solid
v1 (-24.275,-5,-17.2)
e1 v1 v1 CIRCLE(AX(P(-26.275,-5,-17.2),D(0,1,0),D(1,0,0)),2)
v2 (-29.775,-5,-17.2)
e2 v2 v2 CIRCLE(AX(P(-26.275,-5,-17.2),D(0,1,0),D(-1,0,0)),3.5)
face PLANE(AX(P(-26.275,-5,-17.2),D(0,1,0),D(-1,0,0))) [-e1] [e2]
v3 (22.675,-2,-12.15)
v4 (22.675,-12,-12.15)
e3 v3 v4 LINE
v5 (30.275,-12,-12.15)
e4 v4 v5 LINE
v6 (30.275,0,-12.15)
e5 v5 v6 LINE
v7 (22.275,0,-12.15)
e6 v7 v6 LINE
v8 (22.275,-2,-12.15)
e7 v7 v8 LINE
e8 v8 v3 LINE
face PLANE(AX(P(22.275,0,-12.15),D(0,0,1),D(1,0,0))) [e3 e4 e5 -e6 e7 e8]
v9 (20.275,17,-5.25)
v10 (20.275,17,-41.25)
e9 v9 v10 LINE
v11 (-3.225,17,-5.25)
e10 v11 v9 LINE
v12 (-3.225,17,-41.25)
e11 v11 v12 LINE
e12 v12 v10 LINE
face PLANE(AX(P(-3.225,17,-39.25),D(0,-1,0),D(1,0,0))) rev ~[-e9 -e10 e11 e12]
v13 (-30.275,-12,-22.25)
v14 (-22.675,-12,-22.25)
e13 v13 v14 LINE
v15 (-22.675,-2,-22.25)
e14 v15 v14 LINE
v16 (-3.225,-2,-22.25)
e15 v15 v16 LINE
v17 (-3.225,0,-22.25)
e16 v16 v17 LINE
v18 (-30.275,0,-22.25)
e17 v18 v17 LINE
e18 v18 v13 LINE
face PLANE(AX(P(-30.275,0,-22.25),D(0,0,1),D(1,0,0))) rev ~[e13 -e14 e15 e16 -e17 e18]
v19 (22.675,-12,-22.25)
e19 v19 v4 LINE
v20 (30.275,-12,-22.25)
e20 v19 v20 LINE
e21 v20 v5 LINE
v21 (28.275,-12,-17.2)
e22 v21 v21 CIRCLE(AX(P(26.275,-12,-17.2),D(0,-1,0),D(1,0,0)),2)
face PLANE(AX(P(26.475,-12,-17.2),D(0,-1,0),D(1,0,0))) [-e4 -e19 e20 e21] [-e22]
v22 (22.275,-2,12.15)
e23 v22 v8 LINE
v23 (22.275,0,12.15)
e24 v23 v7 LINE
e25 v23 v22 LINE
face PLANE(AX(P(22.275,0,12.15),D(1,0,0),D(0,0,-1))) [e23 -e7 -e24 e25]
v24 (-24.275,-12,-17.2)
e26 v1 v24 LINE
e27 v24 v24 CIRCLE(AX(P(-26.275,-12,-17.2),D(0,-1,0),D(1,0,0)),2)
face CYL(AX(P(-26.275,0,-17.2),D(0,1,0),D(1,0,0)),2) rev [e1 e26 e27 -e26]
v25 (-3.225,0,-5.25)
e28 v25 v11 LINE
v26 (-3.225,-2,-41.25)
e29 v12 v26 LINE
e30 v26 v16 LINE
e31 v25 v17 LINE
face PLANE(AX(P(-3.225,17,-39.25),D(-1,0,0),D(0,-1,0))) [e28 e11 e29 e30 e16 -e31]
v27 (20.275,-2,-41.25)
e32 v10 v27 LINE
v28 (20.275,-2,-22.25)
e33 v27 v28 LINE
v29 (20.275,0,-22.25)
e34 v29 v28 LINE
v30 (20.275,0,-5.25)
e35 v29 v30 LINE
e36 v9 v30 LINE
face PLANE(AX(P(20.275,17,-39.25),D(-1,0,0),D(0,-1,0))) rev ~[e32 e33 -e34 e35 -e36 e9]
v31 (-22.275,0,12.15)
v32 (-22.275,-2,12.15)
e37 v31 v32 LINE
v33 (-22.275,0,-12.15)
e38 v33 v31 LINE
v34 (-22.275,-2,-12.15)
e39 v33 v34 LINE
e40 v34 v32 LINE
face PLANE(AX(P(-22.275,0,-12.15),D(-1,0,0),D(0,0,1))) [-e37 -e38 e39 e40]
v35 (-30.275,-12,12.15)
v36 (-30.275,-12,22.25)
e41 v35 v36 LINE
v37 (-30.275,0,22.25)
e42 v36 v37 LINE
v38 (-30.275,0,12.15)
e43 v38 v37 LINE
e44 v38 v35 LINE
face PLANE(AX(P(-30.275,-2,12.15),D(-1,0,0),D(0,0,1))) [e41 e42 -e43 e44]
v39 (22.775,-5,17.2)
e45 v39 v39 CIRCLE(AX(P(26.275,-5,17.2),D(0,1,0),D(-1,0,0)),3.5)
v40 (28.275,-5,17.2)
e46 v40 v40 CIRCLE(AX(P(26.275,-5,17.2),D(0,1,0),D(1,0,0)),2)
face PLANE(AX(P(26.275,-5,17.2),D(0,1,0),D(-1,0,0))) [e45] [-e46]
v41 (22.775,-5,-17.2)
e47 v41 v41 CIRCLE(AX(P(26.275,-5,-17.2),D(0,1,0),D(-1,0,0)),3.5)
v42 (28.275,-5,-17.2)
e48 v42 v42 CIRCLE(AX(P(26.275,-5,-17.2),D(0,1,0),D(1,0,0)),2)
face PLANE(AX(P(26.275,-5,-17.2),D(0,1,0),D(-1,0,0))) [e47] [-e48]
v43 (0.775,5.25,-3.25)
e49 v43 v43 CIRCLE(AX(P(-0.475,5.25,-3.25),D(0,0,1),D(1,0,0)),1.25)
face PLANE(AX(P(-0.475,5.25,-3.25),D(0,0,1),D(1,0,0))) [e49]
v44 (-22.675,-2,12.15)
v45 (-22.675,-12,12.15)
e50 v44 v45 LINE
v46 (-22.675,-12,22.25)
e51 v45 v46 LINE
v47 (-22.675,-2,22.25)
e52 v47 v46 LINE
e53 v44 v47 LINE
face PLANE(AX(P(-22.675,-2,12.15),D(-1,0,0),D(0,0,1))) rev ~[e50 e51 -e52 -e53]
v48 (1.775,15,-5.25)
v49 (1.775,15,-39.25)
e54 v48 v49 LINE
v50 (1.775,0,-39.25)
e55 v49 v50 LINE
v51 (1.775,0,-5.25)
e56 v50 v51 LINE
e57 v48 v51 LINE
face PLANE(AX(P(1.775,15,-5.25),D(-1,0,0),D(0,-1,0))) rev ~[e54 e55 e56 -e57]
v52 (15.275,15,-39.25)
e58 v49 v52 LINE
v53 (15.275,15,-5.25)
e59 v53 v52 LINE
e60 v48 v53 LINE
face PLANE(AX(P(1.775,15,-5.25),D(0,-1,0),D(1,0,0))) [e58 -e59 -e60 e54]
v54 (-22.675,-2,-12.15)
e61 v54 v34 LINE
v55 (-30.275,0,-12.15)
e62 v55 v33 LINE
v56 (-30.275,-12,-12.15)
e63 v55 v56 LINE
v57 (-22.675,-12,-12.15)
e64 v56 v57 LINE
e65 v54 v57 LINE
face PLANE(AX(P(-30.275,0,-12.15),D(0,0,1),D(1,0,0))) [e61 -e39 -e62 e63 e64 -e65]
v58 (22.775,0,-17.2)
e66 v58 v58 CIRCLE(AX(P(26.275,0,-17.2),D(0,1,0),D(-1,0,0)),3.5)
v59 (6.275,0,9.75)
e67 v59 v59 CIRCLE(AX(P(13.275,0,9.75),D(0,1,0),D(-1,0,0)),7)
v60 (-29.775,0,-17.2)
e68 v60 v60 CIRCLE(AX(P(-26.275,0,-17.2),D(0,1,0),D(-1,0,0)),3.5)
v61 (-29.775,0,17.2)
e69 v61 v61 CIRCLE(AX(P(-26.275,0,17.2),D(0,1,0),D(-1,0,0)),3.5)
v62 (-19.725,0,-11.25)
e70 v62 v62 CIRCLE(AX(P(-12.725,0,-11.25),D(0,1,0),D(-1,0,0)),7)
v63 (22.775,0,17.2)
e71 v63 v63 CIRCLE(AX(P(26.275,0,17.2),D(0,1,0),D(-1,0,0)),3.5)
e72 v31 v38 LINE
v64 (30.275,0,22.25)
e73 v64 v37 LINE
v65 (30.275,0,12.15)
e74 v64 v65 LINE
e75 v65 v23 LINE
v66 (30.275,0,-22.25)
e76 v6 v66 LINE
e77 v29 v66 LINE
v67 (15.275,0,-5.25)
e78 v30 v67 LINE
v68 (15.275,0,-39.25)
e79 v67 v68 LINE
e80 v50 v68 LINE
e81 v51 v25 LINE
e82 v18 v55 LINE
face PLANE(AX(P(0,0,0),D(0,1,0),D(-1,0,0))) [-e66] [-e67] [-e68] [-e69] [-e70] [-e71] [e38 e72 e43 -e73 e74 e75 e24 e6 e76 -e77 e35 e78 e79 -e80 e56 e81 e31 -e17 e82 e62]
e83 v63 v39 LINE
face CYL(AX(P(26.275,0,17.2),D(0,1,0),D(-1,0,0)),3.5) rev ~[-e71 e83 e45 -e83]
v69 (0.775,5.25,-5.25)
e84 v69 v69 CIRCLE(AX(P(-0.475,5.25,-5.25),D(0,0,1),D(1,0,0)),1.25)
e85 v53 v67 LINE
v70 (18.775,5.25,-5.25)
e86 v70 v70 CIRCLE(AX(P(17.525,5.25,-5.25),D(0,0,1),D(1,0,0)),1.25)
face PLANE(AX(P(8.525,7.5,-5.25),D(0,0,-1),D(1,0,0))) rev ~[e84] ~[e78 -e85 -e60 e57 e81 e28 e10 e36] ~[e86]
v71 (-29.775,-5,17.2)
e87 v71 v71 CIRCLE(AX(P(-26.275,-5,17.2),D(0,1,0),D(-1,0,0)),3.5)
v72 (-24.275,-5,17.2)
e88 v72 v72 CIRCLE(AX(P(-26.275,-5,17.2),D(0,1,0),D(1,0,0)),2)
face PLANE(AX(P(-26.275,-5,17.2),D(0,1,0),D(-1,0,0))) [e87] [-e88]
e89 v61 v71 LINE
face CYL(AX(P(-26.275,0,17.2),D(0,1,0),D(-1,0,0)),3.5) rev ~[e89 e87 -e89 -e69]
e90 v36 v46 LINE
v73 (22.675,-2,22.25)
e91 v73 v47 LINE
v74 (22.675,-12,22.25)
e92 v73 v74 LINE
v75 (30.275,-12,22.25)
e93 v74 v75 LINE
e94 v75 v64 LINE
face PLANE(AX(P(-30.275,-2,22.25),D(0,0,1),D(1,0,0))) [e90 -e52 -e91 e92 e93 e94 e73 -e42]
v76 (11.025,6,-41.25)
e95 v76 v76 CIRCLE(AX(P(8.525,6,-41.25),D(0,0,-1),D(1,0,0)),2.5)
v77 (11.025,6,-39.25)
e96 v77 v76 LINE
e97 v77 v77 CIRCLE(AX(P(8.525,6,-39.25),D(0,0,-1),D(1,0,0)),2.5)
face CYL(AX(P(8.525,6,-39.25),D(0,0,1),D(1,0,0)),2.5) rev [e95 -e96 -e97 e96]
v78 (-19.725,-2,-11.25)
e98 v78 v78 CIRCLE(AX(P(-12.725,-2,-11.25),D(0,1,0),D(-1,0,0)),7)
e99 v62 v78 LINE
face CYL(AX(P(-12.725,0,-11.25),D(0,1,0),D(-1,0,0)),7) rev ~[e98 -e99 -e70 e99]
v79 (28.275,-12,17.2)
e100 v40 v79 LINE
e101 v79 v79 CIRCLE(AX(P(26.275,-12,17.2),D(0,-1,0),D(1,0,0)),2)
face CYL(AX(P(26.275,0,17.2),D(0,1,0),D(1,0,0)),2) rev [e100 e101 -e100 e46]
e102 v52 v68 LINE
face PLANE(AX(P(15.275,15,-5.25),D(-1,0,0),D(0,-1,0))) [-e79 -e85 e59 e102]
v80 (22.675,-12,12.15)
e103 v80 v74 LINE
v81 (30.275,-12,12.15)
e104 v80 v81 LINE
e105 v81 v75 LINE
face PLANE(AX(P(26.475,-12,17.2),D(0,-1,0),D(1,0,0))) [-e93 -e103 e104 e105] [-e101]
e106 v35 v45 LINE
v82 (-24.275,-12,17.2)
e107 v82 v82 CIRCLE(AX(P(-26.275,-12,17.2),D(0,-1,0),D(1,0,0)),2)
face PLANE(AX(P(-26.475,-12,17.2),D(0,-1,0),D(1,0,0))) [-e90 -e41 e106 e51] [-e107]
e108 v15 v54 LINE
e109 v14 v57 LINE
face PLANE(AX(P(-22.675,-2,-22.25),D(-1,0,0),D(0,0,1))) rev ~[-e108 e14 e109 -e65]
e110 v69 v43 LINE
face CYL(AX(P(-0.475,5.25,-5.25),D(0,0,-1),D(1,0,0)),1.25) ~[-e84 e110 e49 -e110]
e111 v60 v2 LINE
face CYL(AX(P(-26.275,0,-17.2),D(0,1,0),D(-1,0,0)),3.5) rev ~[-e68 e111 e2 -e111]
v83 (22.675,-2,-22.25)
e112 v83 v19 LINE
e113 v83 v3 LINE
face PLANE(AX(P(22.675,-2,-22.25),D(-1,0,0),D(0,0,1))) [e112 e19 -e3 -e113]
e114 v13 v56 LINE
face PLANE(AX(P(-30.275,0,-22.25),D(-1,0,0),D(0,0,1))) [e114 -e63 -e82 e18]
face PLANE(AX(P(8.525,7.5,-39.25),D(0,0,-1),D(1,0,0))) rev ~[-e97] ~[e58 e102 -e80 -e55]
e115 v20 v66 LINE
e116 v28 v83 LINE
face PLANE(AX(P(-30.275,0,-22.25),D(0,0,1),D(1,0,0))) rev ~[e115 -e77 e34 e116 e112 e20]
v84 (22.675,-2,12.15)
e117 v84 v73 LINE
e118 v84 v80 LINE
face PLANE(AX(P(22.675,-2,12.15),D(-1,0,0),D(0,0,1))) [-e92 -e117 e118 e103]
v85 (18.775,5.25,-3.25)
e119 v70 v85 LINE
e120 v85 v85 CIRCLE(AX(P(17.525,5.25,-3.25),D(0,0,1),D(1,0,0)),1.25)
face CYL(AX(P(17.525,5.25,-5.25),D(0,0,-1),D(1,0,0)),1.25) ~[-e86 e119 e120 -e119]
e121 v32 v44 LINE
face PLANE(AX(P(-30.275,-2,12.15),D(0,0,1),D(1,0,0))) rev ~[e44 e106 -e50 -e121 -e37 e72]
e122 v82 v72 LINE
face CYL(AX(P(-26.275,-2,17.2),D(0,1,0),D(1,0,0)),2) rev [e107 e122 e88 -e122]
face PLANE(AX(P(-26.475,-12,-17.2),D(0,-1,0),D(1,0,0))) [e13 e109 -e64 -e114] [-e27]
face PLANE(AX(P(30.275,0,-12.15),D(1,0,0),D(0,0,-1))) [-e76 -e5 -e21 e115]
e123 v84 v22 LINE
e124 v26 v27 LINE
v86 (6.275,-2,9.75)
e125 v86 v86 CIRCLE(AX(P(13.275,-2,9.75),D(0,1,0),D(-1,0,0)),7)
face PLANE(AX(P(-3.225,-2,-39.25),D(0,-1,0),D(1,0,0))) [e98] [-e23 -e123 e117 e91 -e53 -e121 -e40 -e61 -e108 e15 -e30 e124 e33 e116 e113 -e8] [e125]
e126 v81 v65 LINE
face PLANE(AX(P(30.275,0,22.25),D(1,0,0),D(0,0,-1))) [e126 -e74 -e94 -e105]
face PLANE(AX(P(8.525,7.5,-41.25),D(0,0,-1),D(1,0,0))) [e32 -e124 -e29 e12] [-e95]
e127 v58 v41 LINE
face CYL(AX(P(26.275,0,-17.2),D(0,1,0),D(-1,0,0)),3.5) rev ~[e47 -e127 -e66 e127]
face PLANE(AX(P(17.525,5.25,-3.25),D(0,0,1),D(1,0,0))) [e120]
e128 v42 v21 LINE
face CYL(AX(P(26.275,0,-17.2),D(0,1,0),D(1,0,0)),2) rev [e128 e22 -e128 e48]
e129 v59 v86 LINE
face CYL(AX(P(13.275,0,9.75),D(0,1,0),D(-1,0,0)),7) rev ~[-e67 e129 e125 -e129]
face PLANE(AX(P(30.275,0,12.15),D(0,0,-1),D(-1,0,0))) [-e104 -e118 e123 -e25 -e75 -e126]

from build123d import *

# Parameters (mm, degrees)
SKETCH_R        = 2
PAD_DEPTH       = 2
SKETCH001_W     = 7.6
SKETCH001_H     = 10.1
SKETCH001_R     = 2
PAD001_DEPTH    = 10
SKETCH002_R     = 7
POCKET_DEPTH    = 12.001
SKETCH004_W     = 13.5
SKETCH004_H     = 15
PAD003_DEPTH    = 34
SKETCH005_W     = 23.5
SKETCH005_H     = 19
SKETCH005_R     = 2.5
PAD004_DEPTH    = 2
SKETCH006_R     = 1.25
PAD005_DEPTH    = 2
SKETCH007_R     = 3.5
POCKET001_DEPTH = 5


with BuildPart() as part:
    # Sketch → Pad (new body)
    with BuildSketch(Plane.XZ):
        Polygon((-22.275, 22.25), (22.275, 22.25), (30.275, 22.25), (30.275, 12.15), (22.275, 12.15), (22.275, -12.15), (30.275, -12.15), (30.275, -22.25), (22.275, -22.25), (-22.275, -22.25), (-30.275, -22.25), (-30.275, -12.15), (-22.275, -12.15), (-22.275, 12.15), (-30.275, 12.15), (-30.275, 22.25), align=None)
        with Locations((-26.275, 17.2)):
            Circle(SKETCH_R, mode=Mode.SUBTRACT)
        with Locations((26.275, 17.2)):
            Circle(SKETCH_R, mode=Mode.SUBTRACT)
        with Locations((26.275, -17.2)):
            Circle(SKETCH_R, mode=Mode.SUBTRACT)
        with Locations((-26.275, -17.2)):
            Circle(SKETCH_R, mode=Mode.SUBTRACT)
    extrude(amount=PAD_DEPTH)

    # Sketch001 (on Face22 of Pad) → Pad001 (join)
    with BuildSketch(Plane.XZ.offset(2)):
        with Locations((-26.475, 17.2)):
            Rectangle(SKETCH001_W, SKETCH001_H)
        with Locations((-26.275, 17.2)):
            Circle(SKETCH001_R, mode=Mode.SUBTRACT)
        with Locations((-26.475, -17.2)):
            Rectangle(SKETCH001_W, SKETCH001_H)
        with Locations((-26.275, -17.2)):
            Circle(SKETCH001_R, mode=Mode.SUBTRACT)
        with Locations((26.475, -17.2)):
            Rectangle(SKETCH001_W, SKETCH001_H)
        with Locations((26.275, -17.2)):
            Circle(SKETCH001_R, mode=Mode.SUBTRACT)
        with Locations((26.475, 17.2)):
            Rectangle(SKETCH001_W, SKETCH001_H)
        with Locations((26.275, 17.2)):
            Circle(SKETCH001_R, mode=Mode.SUBTRACT)
    extrude(amount=PAD001_DEPTH)

    # Sketch002 (on Face4 of Pad001) → Pocket (cut, through all)
    with BuildSketch(Plane(origin=(0, 0, 0), x_dir=(-1, 0, 0), z_dir=(0, 1, 0))):
        with Locations((-13.275, 9.75)):
            Circle(SKETCH002_R)
        with Locations((12.725, -11.25)):
            Circle(SKETCH002_R)
    extrude(amount=-POCKET_DEPTH, mode=Mode.SUBTRACT)

    # Sketch004 (on DatumPlane) → Pad003 (join)
    with BuildSketch(Plane(origin=(0, 0, -5.25), x_dir=(1, 0, 0), z_dir=(0, 0, -1))):
        Polygon((-3.225, 0), (-3.225, -17), (20.275, -17), (20.275, 0), (20.275, 2), (-3.225, 2), align=None)
        with Locations((8.525, -7.5)):
            Rectangle(SKETCH004_W, SKETCH004_H, mode=Mode.SUBTRACT)
    extrude(amount=PAD003_DEPTH)

    # Sketch005 (on Face45 of Pad003) → Pad004 (join)
    with BuildSketch(Plane(origin=(0, 0, -39.25), x_dir=(1, 0, 0), z_dir=(0, 0, -1))):
        with Locations((8.525, -7.5)):
            Rectangle(SKETCH005_W, SKETCH005_H)
        with Locations((8.525, -6)):
            Circle(SKETCH005_R, mode=Mode.SUBTRACT)
    extrude(amount=PAD004_DEPTH)

    # Sketch006 (on Face16 of Pad004) → Pad005 (join)
    with BuildSketch(Plane.XY.offset(-5.25)):
        with Locations((-0.475, 5.25)):
            Circle(SKETCH006_R)
        with Locations((17.525, 5.25)):
            Circle(SKETCH006_R)
    extrude(amount=PAD005_DEPTH)

    # Sketch007 (on Face4 of Pad005) → Pocket001 (cut)
    with BuildSketch(Plane(origin=(0, 0, 0), x_dir=(-1, 0, 0), z_dir=(0, 1, 0))):
        with Locations((26.275, -17.2)):
            Circle(SKETCH007_R)
        with Locations((26.275, 17.2)):
            Circle(SKETCH007_R)
        with Locations((-26.275, 17.2)):
            Circle(SKETCH007_R)
        with Locations((-26.275, -17.2)):
            Circle(SKETCH007_R)
    extrude(amount=-POCKET001_DEPTH, mode=Mode.SUBTRACT)


solid = part.part
